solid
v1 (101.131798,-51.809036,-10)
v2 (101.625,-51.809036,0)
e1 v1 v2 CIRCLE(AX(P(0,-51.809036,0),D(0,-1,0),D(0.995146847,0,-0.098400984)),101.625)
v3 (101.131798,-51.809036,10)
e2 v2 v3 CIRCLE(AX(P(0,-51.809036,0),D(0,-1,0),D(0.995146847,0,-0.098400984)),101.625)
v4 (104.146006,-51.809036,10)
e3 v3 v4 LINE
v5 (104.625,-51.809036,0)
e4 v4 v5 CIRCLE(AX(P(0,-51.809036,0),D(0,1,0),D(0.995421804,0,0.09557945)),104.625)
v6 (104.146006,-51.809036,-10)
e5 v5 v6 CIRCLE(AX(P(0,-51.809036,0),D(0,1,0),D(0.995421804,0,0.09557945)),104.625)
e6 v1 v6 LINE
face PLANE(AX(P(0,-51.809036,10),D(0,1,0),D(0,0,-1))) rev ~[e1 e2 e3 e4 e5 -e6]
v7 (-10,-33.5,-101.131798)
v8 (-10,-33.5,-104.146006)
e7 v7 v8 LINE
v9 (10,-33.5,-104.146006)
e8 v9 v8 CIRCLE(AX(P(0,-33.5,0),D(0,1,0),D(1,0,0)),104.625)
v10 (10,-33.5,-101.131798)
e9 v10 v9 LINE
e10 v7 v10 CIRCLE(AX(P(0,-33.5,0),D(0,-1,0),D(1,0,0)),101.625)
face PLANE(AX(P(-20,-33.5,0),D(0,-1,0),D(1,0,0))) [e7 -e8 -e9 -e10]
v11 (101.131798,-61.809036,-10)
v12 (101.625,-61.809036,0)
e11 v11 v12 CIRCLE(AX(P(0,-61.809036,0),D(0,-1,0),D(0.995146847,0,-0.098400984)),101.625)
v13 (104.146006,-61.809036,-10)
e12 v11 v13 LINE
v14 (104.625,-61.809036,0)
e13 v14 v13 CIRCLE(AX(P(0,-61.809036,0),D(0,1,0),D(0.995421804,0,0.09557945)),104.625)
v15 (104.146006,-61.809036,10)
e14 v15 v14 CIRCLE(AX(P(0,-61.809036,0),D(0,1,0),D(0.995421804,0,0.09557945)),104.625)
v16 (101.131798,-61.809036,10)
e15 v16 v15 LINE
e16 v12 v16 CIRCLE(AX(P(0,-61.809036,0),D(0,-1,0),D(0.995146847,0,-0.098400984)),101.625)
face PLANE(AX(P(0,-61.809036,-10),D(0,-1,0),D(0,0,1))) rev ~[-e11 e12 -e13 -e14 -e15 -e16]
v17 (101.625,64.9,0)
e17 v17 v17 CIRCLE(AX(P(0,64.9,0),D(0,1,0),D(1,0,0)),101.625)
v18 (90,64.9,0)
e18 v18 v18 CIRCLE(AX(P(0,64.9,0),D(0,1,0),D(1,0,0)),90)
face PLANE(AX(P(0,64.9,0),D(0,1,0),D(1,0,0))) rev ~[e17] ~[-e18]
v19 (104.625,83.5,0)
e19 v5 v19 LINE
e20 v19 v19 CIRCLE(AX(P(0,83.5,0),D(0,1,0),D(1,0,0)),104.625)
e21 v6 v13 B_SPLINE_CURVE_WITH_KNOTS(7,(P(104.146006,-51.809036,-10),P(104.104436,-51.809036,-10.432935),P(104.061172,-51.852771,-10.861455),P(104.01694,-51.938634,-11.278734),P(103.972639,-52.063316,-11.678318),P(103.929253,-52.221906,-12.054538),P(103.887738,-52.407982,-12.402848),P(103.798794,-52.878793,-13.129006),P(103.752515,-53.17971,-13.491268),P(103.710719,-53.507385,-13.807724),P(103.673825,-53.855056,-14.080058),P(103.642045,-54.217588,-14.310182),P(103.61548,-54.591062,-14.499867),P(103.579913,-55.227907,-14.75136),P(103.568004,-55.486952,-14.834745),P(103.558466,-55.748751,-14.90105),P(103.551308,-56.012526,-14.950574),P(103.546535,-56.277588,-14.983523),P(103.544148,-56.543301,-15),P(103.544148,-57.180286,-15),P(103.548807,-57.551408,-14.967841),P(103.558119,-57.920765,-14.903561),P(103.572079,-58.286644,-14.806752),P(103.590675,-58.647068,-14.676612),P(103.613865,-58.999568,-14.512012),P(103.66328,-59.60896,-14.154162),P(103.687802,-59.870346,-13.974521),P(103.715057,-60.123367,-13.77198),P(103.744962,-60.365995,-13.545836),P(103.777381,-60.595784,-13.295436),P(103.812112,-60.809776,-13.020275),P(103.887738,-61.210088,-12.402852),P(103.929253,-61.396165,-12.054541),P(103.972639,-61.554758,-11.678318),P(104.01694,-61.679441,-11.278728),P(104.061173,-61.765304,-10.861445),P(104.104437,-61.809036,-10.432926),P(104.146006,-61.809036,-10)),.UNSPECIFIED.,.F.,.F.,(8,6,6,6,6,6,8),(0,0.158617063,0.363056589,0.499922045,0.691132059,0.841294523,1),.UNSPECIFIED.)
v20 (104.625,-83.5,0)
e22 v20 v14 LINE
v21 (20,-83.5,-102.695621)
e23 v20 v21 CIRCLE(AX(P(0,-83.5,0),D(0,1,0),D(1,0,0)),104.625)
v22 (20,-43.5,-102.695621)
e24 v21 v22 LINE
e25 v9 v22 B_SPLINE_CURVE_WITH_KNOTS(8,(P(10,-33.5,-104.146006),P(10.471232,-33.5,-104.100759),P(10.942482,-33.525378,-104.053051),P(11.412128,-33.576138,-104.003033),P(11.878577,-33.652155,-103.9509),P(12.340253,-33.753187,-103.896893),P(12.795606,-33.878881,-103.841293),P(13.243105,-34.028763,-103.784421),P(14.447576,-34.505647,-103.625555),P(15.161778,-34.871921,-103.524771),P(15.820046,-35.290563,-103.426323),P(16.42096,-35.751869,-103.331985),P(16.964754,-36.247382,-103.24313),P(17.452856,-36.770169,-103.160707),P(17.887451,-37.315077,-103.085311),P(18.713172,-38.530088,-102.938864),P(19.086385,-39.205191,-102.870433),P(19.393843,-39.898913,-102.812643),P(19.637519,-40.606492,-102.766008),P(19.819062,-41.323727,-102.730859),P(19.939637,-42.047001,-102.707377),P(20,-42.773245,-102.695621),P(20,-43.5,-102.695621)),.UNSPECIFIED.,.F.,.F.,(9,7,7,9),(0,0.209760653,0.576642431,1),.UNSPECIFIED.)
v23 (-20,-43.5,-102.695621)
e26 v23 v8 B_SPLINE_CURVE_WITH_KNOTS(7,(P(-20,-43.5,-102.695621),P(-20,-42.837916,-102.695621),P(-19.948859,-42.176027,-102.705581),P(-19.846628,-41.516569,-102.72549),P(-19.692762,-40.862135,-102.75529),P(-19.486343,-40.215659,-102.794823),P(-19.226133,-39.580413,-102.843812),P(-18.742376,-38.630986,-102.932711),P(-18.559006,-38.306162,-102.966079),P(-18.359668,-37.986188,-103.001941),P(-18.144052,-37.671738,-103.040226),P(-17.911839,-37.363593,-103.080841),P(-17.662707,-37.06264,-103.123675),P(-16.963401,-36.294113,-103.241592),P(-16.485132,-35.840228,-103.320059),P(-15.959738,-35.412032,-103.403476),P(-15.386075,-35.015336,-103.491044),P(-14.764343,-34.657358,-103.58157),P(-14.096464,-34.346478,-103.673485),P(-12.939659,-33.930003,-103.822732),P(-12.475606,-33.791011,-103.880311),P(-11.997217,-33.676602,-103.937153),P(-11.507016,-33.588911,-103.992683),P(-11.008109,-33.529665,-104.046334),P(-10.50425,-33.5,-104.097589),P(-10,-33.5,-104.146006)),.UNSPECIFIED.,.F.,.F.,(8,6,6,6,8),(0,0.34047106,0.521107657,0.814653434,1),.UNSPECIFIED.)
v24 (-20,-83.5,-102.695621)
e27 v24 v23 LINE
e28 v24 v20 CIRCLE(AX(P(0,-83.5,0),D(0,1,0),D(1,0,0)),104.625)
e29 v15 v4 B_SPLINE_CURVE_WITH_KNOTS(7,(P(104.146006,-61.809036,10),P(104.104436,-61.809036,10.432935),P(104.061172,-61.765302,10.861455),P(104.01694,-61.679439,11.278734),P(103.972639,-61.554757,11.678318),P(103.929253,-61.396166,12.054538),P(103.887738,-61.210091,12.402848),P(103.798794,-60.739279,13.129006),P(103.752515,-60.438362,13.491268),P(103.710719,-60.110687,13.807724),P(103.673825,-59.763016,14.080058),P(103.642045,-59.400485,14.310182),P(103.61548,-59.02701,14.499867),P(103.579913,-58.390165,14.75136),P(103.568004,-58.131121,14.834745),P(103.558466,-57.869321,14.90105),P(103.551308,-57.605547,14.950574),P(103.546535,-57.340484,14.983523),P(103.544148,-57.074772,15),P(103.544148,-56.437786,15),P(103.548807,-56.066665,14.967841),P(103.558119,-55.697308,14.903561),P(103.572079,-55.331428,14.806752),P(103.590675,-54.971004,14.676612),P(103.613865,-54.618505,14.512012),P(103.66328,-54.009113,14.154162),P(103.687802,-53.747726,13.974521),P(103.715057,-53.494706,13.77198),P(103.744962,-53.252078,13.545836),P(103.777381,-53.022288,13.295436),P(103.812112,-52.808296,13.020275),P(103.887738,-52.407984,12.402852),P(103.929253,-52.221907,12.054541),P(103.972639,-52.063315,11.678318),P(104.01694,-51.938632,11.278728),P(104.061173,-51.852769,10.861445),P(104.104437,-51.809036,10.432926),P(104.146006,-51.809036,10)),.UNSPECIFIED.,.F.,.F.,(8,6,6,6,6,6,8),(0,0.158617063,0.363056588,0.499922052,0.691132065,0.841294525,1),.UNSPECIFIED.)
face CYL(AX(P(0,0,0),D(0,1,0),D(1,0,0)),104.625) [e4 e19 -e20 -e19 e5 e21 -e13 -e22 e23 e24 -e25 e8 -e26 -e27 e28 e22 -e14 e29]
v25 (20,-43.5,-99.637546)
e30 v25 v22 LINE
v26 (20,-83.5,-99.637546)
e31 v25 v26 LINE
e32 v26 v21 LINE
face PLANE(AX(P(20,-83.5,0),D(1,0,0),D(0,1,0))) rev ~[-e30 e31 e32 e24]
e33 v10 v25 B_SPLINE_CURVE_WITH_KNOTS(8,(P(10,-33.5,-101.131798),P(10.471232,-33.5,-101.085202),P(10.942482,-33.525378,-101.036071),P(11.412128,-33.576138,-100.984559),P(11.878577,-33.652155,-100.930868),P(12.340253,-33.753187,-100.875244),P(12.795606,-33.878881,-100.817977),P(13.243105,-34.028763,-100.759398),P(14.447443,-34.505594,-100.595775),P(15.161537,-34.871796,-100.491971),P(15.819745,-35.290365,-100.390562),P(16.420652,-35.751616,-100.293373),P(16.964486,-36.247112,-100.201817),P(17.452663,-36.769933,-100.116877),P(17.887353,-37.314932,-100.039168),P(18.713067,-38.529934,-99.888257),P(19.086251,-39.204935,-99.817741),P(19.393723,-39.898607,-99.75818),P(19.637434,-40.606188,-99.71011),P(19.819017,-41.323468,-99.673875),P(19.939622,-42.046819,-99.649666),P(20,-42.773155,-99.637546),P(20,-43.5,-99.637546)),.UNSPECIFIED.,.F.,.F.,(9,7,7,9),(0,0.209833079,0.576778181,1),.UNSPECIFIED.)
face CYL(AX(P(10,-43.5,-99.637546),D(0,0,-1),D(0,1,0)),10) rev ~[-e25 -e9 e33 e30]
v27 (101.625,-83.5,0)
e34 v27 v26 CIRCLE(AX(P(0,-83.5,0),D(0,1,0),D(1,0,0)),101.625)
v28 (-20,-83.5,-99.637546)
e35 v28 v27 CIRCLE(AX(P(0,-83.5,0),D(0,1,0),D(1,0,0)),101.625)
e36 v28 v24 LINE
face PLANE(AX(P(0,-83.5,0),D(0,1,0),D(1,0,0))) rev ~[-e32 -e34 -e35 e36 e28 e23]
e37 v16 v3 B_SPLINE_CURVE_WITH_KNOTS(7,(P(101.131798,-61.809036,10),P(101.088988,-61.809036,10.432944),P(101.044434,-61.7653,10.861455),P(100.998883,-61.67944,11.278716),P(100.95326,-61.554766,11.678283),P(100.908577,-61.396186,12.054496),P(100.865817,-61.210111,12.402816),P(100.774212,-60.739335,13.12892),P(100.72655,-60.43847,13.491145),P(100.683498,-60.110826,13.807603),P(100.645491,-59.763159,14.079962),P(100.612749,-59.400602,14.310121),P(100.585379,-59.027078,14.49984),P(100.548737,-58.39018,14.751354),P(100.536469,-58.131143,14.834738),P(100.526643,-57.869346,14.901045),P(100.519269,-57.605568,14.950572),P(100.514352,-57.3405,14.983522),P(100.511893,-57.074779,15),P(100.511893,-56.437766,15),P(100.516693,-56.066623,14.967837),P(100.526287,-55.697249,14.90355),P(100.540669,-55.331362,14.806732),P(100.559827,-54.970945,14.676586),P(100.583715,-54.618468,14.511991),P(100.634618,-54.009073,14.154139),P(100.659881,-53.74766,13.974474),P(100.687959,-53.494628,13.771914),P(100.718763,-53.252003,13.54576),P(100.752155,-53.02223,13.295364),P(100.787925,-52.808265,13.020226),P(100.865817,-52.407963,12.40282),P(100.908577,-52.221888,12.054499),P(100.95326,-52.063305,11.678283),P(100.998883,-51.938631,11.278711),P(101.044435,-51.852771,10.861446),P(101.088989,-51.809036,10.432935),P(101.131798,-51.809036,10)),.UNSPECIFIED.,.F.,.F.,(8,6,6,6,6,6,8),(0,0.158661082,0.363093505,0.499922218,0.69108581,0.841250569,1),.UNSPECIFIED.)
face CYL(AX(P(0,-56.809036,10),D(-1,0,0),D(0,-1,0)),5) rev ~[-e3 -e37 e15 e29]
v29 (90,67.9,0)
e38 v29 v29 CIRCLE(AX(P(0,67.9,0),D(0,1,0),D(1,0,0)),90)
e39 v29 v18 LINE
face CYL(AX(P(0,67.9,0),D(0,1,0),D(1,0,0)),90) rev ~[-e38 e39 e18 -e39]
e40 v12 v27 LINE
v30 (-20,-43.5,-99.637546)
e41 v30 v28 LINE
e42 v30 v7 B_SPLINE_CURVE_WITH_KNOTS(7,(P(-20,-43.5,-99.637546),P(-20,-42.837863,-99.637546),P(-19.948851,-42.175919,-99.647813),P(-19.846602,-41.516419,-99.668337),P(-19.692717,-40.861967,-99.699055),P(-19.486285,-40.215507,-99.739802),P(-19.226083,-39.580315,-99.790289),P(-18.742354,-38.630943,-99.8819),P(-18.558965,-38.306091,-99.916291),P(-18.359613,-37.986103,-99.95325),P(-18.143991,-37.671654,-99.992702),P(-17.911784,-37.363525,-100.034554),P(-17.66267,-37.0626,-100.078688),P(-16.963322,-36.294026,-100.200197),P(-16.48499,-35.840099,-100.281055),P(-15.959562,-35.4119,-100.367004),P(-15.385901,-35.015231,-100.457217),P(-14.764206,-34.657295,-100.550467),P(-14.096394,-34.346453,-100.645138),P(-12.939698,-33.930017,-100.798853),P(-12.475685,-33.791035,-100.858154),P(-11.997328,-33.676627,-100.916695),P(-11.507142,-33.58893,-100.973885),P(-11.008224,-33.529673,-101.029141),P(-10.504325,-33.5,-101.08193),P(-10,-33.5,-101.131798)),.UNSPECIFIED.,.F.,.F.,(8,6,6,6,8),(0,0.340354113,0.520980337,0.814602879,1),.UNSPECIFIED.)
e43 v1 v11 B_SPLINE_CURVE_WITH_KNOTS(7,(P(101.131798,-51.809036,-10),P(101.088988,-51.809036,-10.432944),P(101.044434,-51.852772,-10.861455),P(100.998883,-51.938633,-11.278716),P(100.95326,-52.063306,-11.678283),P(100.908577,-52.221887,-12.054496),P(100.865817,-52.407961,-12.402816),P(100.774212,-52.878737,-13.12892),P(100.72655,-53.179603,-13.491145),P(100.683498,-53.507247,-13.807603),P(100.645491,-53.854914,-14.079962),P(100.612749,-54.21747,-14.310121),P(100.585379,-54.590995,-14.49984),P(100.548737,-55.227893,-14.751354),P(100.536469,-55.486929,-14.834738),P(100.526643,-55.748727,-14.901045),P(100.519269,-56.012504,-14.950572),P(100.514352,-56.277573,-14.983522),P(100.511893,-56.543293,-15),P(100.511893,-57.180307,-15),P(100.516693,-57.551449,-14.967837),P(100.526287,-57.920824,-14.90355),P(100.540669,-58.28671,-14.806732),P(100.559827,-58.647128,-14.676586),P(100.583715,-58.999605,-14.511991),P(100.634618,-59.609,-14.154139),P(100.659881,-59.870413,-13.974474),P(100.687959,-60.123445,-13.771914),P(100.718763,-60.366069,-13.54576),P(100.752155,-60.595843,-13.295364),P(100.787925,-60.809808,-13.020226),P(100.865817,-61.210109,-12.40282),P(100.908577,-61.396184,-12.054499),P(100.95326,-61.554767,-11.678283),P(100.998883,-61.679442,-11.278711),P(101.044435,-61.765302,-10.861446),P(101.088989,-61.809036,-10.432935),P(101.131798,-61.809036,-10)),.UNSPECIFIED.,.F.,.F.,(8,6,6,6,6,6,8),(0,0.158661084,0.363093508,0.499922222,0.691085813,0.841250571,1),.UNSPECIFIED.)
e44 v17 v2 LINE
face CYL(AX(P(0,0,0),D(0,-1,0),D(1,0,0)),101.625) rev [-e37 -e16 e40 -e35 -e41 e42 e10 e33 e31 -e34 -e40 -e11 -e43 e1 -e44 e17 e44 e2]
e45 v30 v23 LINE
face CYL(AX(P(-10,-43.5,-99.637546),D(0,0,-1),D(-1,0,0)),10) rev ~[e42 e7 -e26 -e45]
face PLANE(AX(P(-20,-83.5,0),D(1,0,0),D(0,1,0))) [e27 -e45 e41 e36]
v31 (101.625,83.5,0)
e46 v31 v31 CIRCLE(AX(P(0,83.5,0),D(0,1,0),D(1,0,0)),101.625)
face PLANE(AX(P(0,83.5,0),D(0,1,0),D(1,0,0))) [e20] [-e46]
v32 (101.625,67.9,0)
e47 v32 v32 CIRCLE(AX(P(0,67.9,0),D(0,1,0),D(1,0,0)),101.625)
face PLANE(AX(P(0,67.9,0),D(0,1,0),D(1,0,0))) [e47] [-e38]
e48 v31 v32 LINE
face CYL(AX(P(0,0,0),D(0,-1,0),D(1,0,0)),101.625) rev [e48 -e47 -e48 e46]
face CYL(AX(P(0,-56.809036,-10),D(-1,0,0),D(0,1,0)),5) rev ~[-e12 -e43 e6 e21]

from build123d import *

# Parameters (mm, degrees)
SKETCH1_R           = 104.625
SKETCH1_R_2         = 101.625
BOSS_EXTRUDE1_DEPTH = 83.5
CUT_EXTRUDE1_REACH  = 106.625
SKETCH2_W           = 40
SKETCH2_H           = 50
CUT_EXTRUDE2_REACH  = 106.625
SKETCH4_R           = 101.625
SKETCH4_R_2         = 90
BOSS_EXTRUDE2_DEPTH = 3
FILLET1_R           = 10


with BuildPart() as part:
    # Sketch1 → Boss-Extrude1 (new body, symmetric)
    with BuildSketch(Plane(origin=(0, 0, 0), x_dir=(1, 0, 0), z_dir=(0, 1, 0))):
        Circle(SKETCH1_R)
        Circle(SKETCH1_R_2, mode=Mode.SUBTRACT)
    extrude(amount=BOSS_EXTRUDE1_DEPTH, both=True)

    # Sketch2 → Cut-Extrude1 (cut, up to next)
    with BuildSketch(Plane.XY, mode=Mode.PRIVATE) as cut_extrude1_sk1:
        with Locations((0, -58.5)):
            Rectangle(SKETCH2_W, SKETCH2_H)
    cut_extrude1_tool1 = extrude(cut_extrude1_sk1.sketch, amount=-CUT_EXTRUDE1_REACH, mode=Mode.PRIVATE) & part.part
    add(cut_extrude1_tool1.solids().sort_by_distance((0, -58.5, 0))[0], mode=Mode.SUBTRACT)

    # Sketch3 → Cut-Extrude2 (cut, up to next)
    with BuildSketch(Plane(origin=(0, 0, 0), x_dir=(0, 0, -1), z_dir=(1, 0, 0)), mode=Mode.PRIVATE) as cut_extrude2_sk1:
        with BuildLine():
            Line((-10, -51.809036258), (10, -51.809036258))
            ThreePointArc((10, -51.809036258), (15, -56.809036258), (10, -61.809036258))
            Line((10, -61.809036258), (-10, -61.809036258))
            ThreePointArc((-10, -61.809036258), (-15, -56.809036258), (-10, -51.809036258))
        make_face()
    cut_extrude2_tool1 = extrude(cut_extrude2_sk1.sketch, amount=CUT_EXTRUDE2_REACH, mode=Mode.PRIVATE) & part.part
    add(cut_extrude2_tool1.solids().sort_by_distance((0, -56.809036, 0))[0], mode=Mode.SUBTRACT)

    # Sketch4 → Boss-Extrude2 (add)
    with BuildSketch(Plane(origin=(0, 67.9, 0), x_dir=(1, 0, 0), z_dir=(0, 1, 0))):
        Circle(SKETCH4_R)
        Circle(SKETCH4_R_2, mode=Mode.SUBTRACT)
    extrude(amount=-BOSS_EXTRUDE2_DEPTH)

    # Fillet1
    fillet1_edges = [part.edges().sort_by_distance(p)[0] for p in [
        (20, -33.5, -101.166583758),
        (-20, -33.5, -101.166583758),
    ]]
    fillet(fillet1_edges, radius=FILLET1_R)


solid = part.part
